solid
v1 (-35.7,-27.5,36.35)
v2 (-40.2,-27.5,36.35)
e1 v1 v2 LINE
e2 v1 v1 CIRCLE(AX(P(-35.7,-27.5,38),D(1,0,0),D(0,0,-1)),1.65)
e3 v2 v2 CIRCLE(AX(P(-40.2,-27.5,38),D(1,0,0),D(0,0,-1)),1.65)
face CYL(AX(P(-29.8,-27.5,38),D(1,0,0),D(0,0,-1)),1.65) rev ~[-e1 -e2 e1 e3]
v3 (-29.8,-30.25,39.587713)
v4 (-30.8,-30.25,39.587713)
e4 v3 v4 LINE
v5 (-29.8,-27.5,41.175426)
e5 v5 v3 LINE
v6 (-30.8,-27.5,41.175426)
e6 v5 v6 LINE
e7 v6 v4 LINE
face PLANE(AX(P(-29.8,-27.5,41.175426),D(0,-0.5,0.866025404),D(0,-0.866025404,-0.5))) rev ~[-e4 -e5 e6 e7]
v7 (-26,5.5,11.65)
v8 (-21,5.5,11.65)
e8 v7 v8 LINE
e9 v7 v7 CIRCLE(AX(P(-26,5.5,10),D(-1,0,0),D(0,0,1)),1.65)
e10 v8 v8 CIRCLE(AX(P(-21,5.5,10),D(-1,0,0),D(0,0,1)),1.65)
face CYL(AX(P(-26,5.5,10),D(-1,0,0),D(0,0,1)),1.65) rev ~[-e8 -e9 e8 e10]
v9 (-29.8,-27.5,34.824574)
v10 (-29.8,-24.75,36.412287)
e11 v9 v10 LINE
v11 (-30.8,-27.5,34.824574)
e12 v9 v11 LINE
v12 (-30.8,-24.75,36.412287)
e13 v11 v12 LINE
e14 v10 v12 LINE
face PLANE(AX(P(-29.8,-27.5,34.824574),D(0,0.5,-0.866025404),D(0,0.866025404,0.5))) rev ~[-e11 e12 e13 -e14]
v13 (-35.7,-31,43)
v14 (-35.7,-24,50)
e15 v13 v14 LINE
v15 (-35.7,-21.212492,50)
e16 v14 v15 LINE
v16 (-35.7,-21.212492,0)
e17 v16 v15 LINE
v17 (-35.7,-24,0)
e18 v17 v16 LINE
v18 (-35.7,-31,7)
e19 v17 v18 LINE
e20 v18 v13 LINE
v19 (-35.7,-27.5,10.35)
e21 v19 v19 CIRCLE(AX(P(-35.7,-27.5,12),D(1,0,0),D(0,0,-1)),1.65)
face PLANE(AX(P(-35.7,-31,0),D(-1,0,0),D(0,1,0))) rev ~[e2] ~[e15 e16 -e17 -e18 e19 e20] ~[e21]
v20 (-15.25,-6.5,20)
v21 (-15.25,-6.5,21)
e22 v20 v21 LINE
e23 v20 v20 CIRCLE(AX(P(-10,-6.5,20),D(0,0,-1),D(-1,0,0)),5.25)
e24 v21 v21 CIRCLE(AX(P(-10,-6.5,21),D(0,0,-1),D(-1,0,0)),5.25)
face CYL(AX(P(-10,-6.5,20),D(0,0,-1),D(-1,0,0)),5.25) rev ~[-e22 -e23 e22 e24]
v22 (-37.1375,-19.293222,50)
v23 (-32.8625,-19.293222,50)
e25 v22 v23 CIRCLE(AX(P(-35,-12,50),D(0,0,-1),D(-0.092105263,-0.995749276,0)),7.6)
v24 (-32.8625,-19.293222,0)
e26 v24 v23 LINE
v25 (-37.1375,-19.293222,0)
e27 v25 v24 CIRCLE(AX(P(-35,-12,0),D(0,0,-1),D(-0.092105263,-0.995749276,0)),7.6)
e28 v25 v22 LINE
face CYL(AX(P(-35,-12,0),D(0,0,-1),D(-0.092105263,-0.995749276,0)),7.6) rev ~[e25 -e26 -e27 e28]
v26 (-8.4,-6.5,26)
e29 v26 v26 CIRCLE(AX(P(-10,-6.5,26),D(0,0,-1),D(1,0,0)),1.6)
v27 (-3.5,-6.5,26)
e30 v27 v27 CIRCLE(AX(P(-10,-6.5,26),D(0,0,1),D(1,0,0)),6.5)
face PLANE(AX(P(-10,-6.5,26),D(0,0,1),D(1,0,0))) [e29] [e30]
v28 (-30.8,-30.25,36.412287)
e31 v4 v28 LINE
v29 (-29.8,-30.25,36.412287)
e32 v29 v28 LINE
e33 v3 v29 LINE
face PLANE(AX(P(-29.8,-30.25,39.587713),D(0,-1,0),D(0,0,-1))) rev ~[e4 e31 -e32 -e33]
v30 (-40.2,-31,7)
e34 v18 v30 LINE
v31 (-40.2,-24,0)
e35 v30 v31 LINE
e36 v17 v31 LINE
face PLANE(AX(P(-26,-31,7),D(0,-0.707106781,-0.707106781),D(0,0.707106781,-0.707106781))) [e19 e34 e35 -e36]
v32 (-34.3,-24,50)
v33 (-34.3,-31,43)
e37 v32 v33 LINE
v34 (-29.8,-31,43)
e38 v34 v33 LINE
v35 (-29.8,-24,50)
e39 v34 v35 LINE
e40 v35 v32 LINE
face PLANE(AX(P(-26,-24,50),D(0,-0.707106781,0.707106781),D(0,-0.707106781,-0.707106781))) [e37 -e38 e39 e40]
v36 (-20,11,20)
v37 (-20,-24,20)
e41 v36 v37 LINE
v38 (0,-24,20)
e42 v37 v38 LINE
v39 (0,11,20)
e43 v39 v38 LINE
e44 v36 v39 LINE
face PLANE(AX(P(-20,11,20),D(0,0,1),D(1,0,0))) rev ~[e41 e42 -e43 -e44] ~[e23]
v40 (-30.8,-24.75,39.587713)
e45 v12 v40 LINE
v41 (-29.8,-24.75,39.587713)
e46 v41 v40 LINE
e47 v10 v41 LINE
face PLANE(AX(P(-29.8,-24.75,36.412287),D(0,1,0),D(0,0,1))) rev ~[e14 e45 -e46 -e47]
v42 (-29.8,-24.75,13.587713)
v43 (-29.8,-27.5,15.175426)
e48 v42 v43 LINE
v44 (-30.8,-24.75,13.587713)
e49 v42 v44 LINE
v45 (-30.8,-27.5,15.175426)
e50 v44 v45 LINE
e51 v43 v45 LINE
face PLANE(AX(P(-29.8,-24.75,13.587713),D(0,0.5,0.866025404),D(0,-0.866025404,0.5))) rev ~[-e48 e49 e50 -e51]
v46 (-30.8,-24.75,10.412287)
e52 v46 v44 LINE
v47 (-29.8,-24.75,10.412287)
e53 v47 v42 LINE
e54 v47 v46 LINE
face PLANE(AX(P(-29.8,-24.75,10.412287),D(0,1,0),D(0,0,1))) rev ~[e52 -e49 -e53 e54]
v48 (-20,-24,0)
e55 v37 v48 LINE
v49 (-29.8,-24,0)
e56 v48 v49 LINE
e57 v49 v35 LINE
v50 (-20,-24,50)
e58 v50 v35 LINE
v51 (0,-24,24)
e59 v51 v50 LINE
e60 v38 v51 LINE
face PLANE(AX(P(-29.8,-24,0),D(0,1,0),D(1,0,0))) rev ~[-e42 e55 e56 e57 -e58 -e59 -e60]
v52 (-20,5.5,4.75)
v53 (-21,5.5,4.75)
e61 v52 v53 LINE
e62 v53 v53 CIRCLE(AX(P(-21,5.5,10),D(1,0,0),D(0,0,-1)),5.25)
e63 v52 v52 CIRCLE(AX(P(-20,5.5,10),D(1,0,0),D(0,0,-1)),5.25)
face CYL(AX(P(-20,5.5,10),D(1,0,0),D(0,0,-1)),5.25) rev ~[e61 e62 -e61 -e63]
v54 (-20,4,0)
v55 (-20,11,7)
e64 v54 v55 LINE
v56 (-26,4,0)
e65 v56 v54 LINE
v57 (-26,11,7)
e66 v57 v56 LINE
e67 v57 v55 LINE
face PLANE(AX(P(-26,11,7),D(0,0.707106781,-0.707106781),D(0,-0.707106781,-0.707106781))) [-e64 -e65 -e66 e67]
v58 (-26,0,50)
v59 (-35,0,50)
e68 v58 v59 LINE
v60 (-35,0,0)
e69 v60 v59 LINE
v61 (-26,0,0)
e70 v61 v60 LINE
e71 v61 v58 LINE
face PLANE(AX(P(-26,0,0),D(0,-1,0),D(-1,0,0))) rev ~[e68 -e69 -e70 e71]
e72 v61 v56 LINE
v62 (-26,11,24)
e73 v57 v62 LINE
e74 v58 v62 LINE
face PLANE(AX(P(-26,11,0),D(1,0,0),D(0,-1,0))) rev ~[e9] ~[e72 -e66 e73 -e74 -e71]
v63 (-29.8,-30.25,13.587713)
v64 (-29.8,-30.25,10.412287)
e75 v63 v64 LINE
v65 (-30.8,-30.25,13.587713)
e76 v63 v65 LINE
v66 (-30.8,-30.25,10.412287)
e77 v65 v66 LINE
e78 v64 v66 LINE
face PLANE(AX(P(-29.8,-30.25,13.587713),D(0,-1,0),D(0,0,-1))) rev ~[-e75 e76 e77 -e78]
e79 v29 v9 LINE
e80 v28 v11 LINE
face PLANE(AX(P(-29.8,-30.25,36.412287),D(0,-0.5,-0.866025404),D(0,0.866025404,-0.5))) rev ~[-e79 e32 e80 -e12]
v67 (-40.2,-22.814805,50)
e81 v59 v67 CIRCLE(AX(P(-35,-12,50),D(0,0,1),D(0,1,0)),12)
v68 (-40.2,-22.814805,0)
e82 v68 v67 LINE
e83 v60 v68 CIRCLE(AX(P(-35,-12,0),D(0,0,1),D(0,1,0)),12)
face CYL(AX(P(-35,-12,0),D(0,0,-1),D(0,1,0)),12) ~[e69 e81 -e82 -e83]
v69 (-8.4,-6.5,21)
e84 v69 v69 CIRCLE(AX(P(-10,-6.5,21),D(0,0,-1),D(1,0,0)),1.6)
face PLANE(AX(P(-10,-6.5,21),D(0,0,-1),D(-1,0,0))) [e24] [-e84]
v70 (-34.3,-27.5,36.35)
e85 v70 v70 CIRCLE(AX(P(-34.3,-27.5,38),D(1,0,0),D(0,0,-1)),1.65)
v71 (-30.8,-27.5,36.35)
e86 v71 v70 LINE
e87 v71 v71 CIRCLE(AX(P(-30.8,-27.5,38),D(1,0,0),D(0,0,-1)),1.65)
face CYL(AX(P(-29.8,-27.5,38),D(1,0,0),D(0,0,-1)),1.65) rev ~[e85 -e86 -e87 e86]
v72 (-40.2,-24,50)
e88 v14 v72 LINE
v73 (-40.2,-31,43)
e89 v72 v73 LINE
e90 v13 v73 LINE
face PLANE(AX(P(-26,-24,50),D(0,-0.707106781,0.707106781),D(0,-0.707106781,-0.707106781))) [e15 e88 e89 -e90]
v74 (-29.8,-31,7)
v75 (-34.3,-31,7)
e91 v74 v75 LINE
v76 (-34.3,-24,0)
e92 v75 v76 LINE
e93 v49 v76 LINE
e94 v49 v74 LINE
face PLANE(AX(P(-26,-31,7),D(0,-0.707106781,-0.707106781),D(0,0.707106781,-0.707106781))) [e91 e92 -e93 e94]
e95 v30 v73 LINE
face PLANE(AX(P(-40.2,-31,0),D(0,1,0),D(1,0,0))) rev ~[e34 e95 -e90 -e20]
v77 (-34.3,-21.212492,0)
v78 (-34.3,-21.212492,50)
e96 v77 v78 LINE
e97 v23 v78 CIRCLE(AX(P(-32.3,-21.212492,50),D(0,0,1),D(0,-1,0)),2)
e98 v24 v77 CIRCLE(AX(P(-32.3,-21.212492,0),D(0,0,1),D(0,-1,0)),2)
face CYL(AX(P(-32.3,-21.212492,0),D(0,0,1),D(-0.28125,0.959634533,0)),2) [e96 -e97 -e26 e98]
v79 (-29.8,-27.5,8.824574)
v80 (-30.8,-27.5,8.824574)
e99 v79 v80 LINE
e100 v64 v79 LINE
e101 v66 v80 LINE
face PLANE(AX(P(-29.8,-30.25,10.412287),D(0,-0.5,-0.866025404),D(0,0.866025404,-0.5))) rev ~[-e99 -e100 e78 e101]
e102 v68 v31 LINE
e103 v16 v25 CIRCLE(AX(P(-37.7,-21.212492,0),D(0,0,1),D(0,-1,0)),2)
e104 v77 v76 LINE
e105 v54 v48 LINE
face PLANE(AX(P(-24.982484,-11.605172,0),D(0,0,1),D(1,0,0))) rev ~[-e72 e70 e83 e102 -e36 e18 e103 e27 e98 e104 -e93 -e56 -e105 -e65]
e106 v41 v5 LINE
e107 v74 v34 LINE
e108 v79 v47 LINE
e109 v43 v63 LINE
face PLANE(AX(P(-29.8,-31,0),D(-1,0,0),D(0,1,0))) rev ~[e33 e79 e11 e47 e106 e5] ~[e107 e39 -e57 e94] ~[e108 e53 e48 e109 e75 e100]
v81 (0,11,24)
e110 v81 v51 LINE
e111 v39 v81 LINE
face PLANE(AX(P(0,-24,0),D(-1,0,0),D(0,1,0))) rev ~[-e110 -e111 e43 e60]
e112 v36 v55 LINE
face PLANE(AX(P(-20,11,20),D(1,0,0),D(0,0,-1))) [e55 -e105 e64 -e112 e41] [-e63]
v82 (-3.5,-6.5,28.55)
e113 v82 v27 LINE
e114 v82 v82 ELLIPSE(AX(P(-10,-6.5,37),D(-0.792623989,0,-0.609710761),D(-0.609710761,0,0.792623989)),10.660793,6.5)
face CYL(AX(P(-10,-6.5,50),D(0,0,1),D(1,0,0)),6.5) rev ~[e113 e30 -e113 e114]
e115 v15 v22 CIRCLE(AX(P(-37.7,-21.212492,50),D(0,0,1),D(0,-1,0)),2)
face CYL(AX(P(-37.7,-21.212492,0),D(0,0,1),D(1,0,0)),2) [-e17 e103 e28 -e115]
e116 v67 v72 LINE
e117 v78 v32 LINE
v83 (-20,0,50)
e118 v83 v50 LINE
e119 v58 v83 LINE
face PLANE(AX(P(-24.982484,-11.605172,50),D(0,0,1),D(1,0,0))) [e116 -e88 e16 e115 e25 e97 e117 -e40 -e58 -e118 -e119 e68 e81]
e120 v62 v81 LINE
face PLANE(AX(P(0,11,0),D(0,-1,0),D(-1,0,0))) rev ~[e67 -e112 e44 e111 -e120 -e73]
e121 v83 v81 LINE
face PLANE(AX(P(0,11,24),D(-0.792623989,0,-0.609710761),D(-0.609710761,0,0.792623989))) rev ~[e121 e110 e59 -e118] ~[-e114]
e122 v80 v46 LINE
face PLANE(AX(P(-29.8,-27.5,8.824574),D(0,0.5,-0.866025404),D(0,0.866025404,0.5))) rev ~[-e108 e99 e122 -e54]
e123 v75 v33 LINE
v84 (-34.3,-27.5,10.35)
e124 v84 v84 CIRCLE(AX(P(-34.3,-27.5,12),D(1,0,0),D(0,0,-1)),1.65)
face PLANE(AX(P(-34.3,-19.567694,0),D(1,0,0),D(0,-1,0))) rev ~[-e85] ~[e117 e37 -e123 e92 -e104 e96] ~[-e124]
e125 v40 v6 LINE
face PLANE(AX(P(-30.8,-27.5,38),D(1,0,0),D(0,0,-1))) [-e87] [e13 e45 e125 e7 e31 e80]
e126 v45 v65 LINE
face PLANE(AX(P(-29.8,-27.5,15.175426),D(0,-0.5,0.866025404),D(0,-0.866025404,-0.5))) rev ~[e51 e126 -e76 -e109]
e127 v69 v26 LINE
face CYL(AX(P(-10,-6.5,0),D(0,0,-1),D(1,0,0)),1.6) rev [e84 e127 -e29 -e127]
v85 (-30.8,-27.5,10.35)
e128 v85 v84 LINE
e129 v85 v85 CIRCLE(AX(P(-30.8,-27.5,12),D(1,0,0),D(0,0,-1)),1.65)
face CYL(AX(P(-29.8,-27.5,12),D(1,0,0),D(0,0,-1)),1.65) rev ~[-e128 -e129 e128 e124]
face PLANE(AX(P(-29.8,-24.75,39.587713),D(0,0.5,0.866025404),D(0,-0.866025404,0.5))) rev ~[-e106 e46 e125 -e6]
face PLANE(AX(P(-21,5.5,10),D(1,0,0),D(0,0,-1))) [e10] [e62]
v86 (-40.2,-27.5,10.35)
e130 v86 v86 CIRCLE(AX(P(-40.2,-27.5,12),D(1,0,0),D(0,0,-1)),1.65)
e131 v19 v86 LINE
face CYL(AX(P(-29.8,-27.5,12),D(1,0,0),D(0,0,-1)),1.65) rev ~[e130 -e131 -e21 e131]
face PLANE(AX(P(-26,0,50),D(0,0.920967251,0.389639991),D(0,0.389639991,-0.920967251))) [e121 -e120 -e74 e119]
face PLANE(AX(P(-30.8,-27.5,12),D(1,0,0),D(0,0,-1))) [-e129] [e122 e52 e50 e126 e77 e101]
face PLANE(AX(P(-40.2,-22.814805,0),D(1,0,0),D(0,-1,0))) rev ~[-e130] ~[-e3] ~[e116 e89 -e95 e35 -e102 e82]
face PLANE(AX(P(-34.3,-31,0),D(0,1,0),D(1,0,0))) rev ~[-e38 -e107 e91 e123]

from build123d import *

# Parameters (mm, degrees)
ESBO_O1_R                  = 1.6
RESSALTO_EXTRUS_O1_DEPTH   = 50
ESBO_O2_W                  = 20
ESBO_O2_H                  = 20
CORTE_EXTRUS_O1_DEPTH      = 43
ESBO_O3_R                  = 1.65
CORTE_EXTRUS_O2_DEPTH      = 22
CORTE_EXTRUS_O2_DEPTH_BACK = 27
ESBO_O6_R                  = 1.65
CORTE_EXTRUS_O4_DEPTH      = 18.2
FILETE1_R                  = 2
ESBO_O4_R                  = 6.5
CORTE_EXTRUS_O5_DEPTH      = 24
CORTE_EXTRUS_O6_DEPTH      = 1
ESBO_O8_R                  = 5.25
CORTE_EXTRUS_O7_DEPTH      = 1
ESBO_O9_R                  = 5.25
CORTE_EXTRUS_O8_DEPTH      = 1


with BuildPart() as part:
    # Esboço1 → Ressalto-extrusão1 (new body)
    with BuildSketch(Plane.XY):
        with BuildLine():
            Line((0, 0), (0, 11))
            Line((0, 11), (-26, 11))
            Line((-26, 11), (-26, 0))
            Line((-26, 0), (-35, 0))
            ThreePointArc((-35, 0), (-46.699949915, -9.333321918), (-40.2, -22.814804668))
            Line((-40.2, -22.814804668), (-40.2, -31))
            Line((-40.2, -31), (-35.7, -31))
            Line((-35.7, -31), (-35.7, -19.567694497))
            ThreePointArc((-35.7, -19.567694497), (-35, -4.4), (-34.3, -19.567694497))
            Line((-34.3, -19.567694497), (-34.3, -31))
            Line((-34.3, -31), (-29.8, -31))
            Line((-29.8, -31), (-29.8, -24))
            Line((-29.8, -24), (0, -24))
            Line((0, -24), (0, 0))
        make_face()
        with Locations((-10, -6.5)):
            Circle(ESBO_O1_R, mode=Mode.SUBTRACT)
    extrude(amount=RESSALTO_EXTRUS_O1_DEPTH)

    # Esboço2 → Corte-extrusão1 (cut, through all)
    with BuildSketch(Plane(origin=(0, 11, 0), x_dir=(1, 0, 0), z_dir=(0, 1, 0))):
        Polygon((0, -24), (-20, -50), (0, -50), align=None)
        with Locations((-10, -10)):
            Rectangle(ESBO_O2_W, ESBO_O2_H)
    extrude(amount=-CORTE_EXTRUS_O1_DEPTH, mode=Mode.SUBTRACT)

    # Esboço3 → Corte-extrusão2 (cut, two sides)
    with BuildSketch(Plane.ZY.offset(26)) as corte_extrus_o2_sk:
        with Locations((10, 5.5)):
            Circle(ESBO_O3_R)
        Polygon((50, -24), (43, -31), (50, -31), align=None)
        Polygon((50, 0), (24, 11), (50, 11), align=None)
        Polygon((0, -24), (0, -31), (7, -31), align=None)
        Polygon((7, 11), (0, 4), (0, 11), align=None)
    extrude(amount=CORTE_EXTRUS_O2_DEPTH, mode=Mode.SUBTRACT)
    extrude(corte_extrus_o2_sk.sketch, amount=-CORTE_EXTRUS_O2_DEPTH_BACK, mode=Mode.SUBTRACT)

    # Esboço6 → Corte-extrusão4 (cut, through all)
    with BuildSketch(Plane(origin=(-29.8, 0, 0), x_dir=(0, 0, -1), z_dir=(1, 0, 0))):
        with Locations((-38, -27.5)):
            Circle(ESBO_O6_R)
        with Locations((-12, -27.5)):
            Circle(ESBO_O6_R)
    extrude(amount=-CORTE_EXTRUS_O4_DEPTH, mode=Mode.SUBTRACT)

    # Filete1
    filete1_edges = [part.edges().sort_by_distance(p)[0] for p in [
        (-34.3, -19.567694497, 25),
        (-35.7, -19.567694497, 25),
    ]]
    fillet(filete1_edges, radius=FILETE1_R)

    # Esboço4 → Corte-extrusão5 (cut)
    with BuildSketch(Plane.XY.offset(50)):
        with Locations((-10, -6.5)):
            Circle(ESBO_O4_R)
    extrude(amount=-CORTE_EXTRUS_O5_DEPTH, mode=Mode.SUBTRACT)

    # Esboço7 → Corte-extrusão6 (cut)
    with BuildSketch(Plane(origin=(-29.8, 0, 0), x_dir=(0, 0, -1), z_dir=(1, 0, 0))):
        Polygon((-8.824573519, -27.5), (-10.41228676, -24.75), (-13.58771324, -24.75), (-15.175426481, -27.5), (-13.58771324, -30.25), (-10.41228676, -30.25), align=None)
        Polygon((-34.824573519, -27.5), (-36.41228676, -24.75), (-39.58771324, -24.75), (-41.175426481, -27.5), (-39.58771324, -30.25), (-36.41228676, -30.25), align=None)
    extrude(amount=-CORTE_EXTRUS_O6_DEPTH, mode=Mode.SUBTRACT)

    # Esboço8 → Corte-extrusão7 (cut)
    with BuildSketch(Plane(origin=(-20, 0, 0), x_dir=(0, 0, -1), z_dir=(1, 0, 0))):
        with Locations((-10, 5.5)):
            Circle(ESBO_O8_R)
    extrude(amount=-CORTE_EXTRUS_O7_DEPTH, mode=Mode.SUBTRACT)

    # Esboço9 → Corte-extrusão8 (cut)
    with BuildSketch(Plane(origin=(0, 0, 20), x_dir=(-1, 0, 0), z_dir=(0, 0, -1))):
        with Locations((10, -6.5)):
            Circle(ESBO_O9_R)
    extrude(amount=-CORTE_EXTRUS_O8_DEPTH, mode=Mode.SUBTRACT)


solid = part.part
